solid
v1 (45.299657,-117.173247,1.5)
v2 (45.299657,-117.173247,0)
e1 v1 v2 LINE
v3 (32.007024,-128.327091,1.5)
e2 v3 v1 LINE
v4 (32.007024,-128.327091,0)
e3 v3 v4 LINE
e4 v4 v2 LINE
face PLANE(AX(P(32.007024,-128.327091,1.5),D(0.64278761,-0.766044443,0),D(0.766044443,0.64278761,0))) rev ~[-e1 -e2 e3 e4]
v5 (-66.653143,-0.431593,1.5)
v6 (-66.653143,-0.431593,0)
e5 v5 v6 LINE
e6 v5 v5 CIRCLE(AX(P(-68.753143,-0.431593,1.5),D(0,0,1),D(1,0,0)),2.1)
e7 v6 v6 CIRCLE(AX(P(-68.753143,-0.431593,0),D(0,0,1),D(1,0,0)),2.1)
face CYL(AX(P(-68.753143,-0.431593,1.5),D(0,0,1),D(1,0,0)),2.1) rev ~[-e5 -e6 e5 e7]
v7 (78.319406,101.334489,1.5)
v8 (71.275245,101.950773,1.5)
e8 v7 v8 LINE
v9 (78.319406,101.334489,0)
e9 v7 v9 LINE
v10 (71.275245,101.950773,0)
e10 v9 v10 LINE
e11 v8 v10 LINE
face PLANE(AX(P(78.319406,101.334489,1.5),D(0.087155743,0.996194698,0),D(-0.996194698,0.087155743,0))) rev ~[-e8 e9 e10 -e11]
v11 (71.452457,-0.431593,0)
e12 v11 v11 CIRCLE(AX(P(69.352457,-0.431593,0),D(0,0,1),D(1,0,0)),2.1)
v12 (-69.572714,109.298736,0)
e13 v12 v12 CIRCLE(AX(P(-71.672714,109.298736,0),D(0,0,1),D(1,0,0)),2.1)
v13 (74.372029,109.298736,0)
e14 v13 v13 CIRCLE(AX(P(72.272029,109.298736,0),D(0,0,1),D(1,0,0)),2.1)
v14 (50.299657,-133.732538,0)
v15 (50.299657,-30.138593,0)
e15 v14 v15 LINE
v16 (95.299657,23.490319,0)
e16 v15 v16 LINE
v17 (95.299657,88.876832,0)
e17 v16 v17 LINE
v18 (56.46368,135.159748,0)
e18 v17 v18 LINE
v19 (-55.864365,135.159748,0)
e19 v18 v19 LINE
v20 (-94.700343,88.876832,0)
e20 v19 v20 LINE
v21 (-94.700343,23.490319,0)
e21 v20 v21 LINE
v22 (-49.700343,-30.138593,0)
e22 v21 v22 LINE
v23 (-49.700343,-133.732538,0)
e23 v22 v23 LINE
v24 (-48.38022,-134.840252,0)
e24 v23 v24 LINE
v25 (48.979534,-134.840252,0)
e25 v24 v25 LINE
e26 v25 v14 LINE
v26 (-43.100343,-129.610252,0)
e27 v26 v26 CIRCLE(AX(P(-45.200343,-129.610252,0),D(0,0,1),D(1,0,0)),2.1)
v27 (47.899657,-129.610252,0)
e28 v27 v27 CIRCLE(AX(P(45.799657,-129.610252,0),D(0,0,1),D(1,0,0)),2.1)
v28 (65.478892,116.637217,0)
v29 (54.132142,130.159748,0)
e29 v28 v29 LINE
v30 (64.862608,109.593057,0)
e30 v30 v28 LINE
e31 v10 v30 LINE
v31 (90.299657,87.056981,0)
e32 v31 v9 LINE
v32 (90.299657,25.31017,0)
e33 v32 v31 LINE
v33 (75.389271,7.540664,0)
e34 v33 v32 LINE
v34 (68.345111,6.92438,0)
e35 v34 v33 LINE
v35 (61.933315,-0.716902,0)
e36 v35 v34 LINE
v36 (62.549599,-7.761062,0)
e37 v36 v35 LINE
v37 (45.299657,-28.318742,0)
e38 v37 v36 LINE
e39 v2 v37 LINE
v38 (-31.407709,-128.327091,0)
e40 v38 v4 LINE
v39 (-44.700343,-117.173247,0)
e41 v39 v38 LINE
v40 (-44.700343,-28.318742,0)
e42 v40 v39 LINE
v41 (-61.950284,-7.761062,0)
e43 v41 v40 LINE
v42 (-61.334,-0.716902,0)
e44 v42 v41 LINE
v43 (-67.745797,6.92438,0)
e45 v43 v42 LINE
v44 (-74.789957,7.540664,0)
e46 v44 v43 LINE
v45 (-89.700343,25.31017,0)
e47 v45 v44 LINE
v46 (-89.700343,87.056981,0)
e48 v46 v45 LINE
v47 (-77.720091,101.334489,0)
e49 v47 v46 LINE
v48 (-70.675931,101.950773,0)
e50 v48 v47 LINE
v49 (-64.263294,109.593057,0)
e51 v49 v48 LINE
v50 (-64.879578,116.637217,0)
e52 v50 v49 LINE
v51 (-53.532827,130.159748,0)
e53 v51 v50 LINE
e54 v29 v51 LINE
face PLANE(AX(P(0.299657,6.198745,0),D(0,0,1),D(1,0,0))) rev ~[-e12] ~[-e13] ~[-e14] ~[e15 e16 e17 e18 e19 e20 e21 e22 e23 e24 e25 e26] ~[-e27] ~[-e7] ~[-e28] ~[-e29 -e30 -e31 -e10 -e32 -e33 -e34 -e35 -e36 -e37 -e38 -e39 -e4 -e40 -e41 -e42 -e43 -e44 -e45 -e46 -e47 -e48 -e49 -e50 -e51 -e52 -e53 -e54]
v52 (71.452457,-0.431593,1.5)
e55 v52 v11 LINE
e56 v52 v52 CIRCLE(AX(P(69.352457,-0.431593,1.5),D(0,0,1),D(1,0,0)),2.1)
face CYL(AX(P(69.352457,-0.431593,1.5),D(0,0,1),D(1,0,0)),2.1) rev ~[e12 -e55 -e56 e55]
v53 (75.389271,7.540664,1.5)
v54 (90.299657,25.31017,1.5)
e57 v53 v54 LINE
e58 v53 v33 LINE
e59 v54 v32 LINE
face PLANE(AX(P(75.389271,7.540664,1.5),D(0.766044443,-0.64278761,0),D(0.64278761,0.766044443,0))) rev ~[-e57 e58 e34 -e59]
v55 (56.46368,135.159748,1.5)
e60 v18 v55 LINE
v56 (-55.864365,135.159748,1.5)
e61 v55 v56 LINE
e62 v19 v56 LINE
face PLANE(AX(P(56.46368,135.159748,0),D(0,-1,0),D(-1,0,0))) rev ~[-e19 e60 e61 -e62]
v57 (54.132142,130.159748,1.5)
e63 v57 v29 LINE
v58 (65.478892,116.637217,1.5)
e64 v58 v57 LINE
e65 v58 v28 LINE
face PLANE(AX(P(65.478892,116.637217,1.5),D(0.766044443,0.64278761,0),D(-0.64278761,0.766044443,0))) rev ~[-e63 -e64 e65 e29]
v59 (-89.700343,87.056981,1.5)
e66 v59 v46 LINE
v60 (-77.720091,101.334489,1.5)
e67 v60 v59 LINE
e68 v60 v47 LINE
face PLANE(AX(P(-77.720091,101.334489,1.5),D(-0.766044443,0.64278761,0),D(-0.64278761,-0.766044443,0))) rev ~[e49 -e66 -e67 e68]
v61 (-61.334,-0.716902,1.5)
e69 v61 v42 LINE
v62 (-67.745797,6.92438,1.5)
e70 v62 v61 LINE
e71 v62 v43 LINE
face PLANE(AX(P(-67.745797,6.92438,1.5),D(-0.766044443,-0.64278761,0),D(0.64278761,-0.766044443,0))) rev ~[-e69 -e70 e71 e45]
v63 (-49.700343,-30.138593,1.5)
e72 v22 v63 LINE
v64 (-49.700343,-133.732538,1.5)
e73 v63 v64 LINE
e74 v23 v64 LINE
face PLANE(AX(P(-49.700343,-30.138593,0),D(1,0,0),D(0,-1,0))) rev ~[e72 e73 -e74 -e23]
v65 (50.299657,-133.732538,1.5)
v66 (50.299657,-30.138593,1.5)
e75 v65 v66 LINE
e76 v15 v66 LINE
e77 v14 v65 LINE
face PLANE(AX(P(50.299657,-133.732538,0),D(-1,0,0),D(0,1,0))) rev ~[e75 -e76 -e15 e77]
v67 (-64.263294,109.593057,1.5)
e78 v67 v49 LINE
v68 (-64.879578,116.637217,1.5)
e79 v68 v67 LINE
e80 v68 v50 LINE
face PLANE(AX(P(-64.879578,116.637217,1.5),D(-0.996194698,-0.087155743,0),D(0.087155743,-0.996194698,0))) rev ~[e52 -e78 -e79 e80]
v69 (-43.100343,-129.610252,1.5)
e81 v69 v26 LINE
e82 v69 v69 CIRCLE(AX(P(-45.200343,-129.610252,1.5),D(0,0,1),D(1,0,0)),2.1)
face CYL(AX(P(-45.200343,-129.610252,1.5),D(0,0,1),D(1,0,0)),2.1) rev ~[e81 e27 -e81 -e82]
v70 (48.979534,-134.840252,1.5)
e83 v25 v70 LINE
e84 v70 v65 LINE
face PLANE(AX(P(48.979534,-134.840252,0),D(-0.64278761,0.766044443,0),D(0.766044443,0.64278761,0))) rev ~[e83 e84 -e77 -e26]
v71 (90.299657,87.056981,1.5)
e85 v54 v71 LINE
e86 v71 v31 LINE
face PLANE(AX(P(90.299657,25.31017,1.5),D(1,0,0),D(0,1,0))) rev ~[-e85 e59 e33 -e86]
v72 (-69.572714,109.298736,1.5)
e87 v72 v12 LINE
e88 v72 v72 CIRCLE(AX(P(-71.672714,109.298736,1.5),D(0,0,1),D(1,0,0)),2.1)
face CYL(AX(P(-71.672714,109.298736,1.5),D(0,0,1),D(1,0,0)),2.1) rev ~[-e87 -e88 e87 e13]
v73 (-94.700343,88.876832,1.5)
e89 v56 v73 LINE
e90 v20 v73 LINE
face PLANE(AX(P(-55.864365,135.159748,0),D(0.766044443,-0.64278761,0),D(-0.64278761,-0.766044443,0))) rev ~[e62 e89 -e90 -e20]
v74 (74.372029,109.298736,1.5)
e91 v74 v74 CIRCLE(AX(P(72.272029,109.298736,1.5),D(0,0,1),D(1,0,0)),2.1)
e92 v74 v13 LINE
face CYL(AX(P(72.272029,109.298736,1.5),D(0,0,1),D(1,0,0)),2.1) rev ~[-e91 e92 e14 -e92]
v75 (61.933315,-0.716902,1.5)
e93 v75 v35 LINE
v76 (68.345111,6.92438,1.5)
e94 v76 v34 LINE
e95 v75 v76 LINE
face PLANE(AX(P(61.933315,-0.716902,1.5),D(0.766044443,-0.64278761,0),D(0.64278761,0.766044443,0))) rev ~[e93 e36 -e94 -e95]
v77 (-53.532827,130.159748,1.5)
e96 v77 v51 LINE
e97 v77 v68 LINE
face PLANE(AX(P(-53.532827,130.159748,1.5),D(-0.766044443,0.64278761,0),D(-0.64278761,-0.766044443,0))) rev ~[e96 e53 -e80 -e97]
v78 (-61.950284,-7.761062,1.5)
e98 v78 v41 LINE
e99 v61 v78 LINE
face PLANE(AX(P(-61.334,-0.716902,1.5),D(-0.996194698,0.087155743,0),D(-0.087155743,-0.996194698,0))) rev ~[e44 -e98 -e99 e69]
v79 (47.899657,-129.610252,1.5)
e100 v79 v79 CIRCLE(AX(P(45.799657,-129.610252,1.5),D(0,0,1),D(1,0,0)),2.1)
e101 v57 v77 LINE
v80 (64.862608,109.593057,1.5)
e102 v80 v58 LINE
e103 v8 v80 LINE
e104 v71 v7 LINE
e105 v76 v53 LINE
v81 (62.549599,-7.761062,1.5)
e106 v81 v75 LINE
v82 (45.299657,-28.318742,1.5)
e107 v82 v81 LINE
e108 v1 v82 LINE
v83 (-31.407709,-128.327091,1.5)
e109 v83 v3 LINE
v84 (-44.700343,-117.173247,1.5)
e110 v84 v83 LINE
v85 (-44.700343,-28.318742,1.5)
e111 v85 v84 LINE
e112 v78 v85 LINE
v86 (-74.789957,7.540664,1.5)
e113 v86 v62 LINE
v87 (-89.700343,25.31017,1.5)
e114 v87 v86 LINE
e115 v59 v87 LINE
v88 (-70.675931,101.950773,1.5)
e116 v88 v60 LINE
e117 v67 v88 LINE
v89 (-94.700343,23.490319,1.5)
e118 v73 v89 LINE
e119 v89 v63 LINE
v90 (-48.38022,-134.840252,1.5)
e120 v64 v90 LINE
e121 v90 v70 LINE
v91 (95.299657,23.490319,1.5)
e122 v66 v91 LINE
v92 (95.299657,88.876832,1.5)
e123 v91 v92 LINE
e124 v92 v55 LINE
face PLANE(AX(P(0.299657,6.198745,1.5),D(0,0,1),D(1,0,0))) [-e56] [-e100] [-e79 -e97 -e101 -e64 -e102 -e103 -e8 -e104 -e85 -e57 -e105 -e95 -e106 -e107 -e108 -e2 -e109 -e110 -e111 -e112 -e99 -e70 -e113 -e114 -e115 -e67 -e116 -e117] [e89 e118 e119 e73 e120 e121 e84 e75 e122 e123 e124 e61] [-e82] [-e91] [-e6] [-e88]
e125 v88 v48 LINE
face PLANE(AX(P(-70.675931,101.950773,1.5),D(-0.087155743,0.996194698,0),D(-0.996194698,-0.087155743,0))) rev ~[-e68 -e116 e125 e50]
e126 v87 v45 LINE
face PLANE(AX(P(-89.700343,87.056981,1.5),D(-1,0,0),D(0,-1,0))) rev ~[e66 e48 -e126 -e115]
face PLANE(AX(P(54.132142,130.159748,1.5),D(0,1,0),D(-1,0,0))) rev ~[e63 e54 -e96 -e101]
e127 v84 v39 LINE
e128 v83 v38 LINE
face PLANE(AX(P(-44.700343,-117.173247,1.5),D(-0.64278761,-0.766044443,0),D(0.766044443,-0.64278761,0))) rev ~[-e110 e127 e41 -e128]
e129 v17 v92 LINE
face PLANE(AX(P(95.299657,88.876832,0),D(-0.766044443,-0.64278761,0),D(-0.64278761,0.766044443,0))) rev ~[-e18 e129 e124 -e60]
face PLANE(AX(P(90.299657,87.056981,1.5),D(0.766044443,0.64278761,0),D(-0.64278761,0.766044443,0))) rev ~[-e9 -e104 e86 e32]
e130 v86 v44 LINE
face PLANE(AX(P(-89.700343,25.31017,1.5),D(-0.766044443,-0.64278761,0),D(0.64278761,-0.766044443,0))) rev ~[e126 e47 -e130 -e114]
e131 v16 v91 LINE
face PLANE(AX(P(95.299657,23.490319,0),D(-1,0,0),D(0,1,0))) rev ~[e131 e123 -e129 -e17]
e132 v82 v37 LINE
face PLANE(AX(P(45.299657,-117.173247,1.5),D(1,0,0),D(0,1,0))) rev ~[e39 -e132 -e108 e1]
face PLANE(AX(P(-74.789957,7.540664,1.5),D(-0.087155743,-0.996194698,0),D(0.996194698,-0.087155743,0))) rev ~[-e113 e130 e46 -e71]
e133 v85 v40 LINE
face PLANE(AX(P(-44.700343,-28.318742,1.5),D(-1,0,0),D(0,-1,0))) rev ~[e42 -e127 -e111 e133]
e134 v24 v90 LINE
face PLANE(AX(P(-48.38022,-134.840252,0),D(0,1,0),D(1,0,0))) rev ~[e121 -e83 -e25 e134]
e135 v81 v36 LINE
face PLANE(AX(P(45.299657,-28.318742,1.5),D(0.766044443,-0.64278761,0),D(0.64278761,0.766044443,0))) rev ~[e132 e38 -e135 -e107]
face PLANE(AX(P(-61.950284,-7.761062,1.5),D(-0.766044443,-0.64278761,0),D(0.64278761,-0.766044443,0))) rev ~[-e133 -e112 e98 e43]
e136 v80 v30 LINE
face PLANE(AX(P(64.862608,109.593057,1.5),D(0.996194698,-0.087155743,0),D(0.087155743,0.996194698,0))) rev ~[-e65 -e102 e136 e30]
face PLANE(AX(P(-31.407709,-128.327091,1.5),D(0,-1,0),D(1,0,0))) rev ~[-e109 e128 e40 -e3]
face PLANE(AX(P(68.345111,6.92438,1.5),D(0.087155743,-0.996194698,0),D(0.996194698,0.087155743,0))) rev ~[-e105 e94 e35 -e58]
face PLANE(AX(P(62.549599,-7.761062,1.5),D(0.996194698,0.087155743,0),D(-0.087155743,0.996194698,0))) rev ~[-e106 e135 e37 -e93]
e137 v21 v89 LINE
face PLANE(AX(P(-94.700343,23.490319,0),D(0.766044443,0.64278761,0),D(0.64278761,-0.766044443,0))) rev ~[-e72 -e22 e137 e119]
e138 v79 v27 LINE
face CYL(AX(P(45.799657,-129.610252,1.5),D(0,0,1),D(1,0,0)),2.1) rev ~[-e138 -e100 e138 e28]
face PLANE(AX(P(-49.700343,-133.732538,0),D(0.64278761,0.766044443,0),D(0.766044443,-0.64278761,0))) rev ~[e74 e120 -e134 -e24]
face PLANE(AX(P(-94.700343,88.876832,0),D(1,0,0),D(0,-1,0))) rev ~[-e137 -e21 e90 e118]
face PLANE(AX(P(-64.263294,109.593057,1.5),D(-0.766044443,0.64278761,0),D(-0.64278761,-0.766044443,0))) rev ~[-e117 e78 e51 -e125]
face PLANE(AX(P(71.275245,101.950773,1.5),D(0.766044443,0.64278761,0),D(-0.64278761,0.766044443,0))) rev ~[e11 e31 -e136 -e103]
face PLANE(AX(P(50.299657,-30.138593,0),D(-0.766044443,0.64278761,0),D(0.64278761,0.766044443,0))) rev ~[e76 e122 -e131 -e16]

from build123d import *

# Parameters (mm, degrees)
RESSALTO_EXTRUS_O1_DEPTH = 1.5
CORTE_EXTRUS_O1_REACH    = 3.5
ESBO_O2_R                = 2.1
CORTE_EXTRUS_O2_DEPTH    = 10


with BuildPart() as part:
    # Esboço1 → Ressalto-extrusão1 (new body)
    with BuildSketch(Plane.XY):
        Polygon((56.463679973, 135.159747673), (-55.864365487, 135.159747673), (-94.700342757, 88.87683224), (-94.700342757, 23.490318666), (-49.700342757, -30.138593001), (-49.700342757, -133.732537696), (-48.380219867, -134.840252327), (48.979534352, -134.840252327), (50.299657243, -133.732537696), (50.299657243, -30.138593001), (95.299657243, 23.490318666), (95.299657243, 88.87683224), align=None)
    extrude(amount=RESSALTO_EXTRUS_O1_DEPTH)

    # Esboço2 → Corte-extrusão1 (cut, up to next)
    with BuildSketch(Plane.XY.offset(1.5), mode=Mode.PRIVATE) as corte_extrus_o1_sk1:
        with Locations((-71.672714117, 109.298736063)):
            Circle(ESBO_O2_R)
    corte_extrus_o1_tool1 = extrude(corte_extrus_o1_sk1.sketch, amount=-CORTE_EXTRUS_O1_REACH, mode=Mode.PRIVATE) & part.part
    add(corte_extrus_o1_tool1.solids().sort_by_distance((-71.672714, 109.298736, 1.5))[0], mode=Mode.SUBTRACT)
    # Esboço2 → Corte-extrusão1 (cut, up to next)
    with BuildSketch(Plane.XY.offset(1.5), mode=Mode.PRIVATE) as corte_extrus_o1_sk2:
        with Locations((-45.200342757, -129.610252327)):
            Circle(ESBO_O2_R)
    corte_extrus_o1_tool2 = extrude(corte_extrus_o1_sk2.sketch, amount=-CORTE_EXTRUS_O1_REACH, mode=Mode.PRIVATE) & part.part
    add(corte_extrus_o1_tool2.solids().sort_by_distance((-45.200343, -129.610252, 1.5))[0], mode=Mode.SUBTRACT)
    # Esboço2 → Corte-extrusão1 (cut, up to next)
    with BuildSketch(Plane.XY.offset(1.5), mode=Mode.PRIVATE) as corte_extrus_o1_sk3:
        with Locations((45.799657243, -129.610252327)):
            Circle(ESBO_O2_R)
    corte_extrus_o1_tool3 = extrude(corte_extrus_o1_sk3.sketch, amount=-CORTE_EXTRUS_O1_REACH, mode=Mode.PRIVATE) & part.part
    add(corte_extrus_o1_tool3.solids().sort_by_distance((45.799657, -129.610252, 1.5))[0], mode=Mode.SUBTRACT)
    # Esboço2 → Corte-extrusão1 (cut, up to next)
    with BuildSketch(Plane.XY.offset(1.5), mode=Mode.PRIVATE) as corte_extrus_o1_sk4:
        with Locations((72.272028603, 109.298736063)):
            Circle(ESBO_O2_R)
    corte_extrus_o1_tool4 = extrude(corte_extrus_o1_sk4.sketch, amount=-CORTE_EXTRUS_O1_REACH, mode=Mode.PRIVATE) & part.part
    add(corte_extrus_o1_tool4.solids().sort_by_distance((72.272029, 109.298736, 1.5))[0], mode=Mode.SUBTRACT)
    # Esboço2 → Corte-extrusão1 (cut, up to next)
    with BuildSketch(Plane.XY.offset(1.5), mode=Mode.PRIVATE) as corte_extrus_o1_sk5:
        with Locations((-68.753142763, -0.431592924)):
            Circle(ESBO_O2_R)
    corte_extrus_o1_tool5 = extrude(corte_extrus_o1_sk5.sketch, amount=-CORTE_EXTRUS_O1_REACH, mode=Mode.PRIVATE) & part.part
    add(corte_extrus_o1_tool5.solids().sort_by_distance((-68.753143, -0.431593, 1.5))[0], mode=Mode.SUBTRACT)
    # Esboço2 → Corte-extrusão1 (cut, up to next)
    with BuildSketch(Plane.XY.offset(1.5), mode=Mode.PRIVATE) as corte_extrus_o1_sk6:
        with Locations((69.352457249, -0.431592924)):
            Circle(ESBO_O2_R)
    corte_extrus_o1_tool6 = extrude(corte_extrus_o1_sk6.sketch, amount=-CORTE_EXTRUS_O1_REACH, mode=Mode.PRIVATE) & part.part
    add(corte_extrus_o1_tool6.solids().sort_by_distance((69.352457, -0.431593, 1.5))[0], mode=Mode.SUBTRACT)

    # Esboço3 → Corte-extrusão2 (cut)
    with BuildSketch(Plane.XY.offset(1.5)):
        Polygon((-53.532827197, 130.159747673), (-64.879577854, 116.637216813), (-64.263293687, 109.593056549), (-70.675930858, 101.950773162), (-77.720091122, 101.334488995), (-89.700342757, 87.056981069), (-89.700342757, 25.310169837), (-74.789956765, 7.540663764), (-67.745796501, 6.924379597), (-61.334000151, -0.716901738), (-61.950284318, -7.761062002), (-44.700342757, -28.318741829), (-44.700342757, -117.173246706), (-31.407709232, -128.327090595), (32.007023717, -128.327090595), (45.299657243, -117.173246706), (45.299657243, -28.318741829), (62.549598803, -7.761062002), (61.933314636, -0.716901738), (68.345110987, 6.924379597), (75.389271251, 7.540663764), (90.299657243, 25.310169837), (90.299657243, 87.056981069), (78.319405608, 101.334488995), (71.275245343, 101.950773162), (64.862608173, 109.593056549), (65.47889234, 116.637216813), (54.132141682, 130.159747673), align=None)
    extrude(amount=-CORTE_EXTRUS_O2_DEPTH, mode=Mode.SUBTRACT)


solid = part.part
